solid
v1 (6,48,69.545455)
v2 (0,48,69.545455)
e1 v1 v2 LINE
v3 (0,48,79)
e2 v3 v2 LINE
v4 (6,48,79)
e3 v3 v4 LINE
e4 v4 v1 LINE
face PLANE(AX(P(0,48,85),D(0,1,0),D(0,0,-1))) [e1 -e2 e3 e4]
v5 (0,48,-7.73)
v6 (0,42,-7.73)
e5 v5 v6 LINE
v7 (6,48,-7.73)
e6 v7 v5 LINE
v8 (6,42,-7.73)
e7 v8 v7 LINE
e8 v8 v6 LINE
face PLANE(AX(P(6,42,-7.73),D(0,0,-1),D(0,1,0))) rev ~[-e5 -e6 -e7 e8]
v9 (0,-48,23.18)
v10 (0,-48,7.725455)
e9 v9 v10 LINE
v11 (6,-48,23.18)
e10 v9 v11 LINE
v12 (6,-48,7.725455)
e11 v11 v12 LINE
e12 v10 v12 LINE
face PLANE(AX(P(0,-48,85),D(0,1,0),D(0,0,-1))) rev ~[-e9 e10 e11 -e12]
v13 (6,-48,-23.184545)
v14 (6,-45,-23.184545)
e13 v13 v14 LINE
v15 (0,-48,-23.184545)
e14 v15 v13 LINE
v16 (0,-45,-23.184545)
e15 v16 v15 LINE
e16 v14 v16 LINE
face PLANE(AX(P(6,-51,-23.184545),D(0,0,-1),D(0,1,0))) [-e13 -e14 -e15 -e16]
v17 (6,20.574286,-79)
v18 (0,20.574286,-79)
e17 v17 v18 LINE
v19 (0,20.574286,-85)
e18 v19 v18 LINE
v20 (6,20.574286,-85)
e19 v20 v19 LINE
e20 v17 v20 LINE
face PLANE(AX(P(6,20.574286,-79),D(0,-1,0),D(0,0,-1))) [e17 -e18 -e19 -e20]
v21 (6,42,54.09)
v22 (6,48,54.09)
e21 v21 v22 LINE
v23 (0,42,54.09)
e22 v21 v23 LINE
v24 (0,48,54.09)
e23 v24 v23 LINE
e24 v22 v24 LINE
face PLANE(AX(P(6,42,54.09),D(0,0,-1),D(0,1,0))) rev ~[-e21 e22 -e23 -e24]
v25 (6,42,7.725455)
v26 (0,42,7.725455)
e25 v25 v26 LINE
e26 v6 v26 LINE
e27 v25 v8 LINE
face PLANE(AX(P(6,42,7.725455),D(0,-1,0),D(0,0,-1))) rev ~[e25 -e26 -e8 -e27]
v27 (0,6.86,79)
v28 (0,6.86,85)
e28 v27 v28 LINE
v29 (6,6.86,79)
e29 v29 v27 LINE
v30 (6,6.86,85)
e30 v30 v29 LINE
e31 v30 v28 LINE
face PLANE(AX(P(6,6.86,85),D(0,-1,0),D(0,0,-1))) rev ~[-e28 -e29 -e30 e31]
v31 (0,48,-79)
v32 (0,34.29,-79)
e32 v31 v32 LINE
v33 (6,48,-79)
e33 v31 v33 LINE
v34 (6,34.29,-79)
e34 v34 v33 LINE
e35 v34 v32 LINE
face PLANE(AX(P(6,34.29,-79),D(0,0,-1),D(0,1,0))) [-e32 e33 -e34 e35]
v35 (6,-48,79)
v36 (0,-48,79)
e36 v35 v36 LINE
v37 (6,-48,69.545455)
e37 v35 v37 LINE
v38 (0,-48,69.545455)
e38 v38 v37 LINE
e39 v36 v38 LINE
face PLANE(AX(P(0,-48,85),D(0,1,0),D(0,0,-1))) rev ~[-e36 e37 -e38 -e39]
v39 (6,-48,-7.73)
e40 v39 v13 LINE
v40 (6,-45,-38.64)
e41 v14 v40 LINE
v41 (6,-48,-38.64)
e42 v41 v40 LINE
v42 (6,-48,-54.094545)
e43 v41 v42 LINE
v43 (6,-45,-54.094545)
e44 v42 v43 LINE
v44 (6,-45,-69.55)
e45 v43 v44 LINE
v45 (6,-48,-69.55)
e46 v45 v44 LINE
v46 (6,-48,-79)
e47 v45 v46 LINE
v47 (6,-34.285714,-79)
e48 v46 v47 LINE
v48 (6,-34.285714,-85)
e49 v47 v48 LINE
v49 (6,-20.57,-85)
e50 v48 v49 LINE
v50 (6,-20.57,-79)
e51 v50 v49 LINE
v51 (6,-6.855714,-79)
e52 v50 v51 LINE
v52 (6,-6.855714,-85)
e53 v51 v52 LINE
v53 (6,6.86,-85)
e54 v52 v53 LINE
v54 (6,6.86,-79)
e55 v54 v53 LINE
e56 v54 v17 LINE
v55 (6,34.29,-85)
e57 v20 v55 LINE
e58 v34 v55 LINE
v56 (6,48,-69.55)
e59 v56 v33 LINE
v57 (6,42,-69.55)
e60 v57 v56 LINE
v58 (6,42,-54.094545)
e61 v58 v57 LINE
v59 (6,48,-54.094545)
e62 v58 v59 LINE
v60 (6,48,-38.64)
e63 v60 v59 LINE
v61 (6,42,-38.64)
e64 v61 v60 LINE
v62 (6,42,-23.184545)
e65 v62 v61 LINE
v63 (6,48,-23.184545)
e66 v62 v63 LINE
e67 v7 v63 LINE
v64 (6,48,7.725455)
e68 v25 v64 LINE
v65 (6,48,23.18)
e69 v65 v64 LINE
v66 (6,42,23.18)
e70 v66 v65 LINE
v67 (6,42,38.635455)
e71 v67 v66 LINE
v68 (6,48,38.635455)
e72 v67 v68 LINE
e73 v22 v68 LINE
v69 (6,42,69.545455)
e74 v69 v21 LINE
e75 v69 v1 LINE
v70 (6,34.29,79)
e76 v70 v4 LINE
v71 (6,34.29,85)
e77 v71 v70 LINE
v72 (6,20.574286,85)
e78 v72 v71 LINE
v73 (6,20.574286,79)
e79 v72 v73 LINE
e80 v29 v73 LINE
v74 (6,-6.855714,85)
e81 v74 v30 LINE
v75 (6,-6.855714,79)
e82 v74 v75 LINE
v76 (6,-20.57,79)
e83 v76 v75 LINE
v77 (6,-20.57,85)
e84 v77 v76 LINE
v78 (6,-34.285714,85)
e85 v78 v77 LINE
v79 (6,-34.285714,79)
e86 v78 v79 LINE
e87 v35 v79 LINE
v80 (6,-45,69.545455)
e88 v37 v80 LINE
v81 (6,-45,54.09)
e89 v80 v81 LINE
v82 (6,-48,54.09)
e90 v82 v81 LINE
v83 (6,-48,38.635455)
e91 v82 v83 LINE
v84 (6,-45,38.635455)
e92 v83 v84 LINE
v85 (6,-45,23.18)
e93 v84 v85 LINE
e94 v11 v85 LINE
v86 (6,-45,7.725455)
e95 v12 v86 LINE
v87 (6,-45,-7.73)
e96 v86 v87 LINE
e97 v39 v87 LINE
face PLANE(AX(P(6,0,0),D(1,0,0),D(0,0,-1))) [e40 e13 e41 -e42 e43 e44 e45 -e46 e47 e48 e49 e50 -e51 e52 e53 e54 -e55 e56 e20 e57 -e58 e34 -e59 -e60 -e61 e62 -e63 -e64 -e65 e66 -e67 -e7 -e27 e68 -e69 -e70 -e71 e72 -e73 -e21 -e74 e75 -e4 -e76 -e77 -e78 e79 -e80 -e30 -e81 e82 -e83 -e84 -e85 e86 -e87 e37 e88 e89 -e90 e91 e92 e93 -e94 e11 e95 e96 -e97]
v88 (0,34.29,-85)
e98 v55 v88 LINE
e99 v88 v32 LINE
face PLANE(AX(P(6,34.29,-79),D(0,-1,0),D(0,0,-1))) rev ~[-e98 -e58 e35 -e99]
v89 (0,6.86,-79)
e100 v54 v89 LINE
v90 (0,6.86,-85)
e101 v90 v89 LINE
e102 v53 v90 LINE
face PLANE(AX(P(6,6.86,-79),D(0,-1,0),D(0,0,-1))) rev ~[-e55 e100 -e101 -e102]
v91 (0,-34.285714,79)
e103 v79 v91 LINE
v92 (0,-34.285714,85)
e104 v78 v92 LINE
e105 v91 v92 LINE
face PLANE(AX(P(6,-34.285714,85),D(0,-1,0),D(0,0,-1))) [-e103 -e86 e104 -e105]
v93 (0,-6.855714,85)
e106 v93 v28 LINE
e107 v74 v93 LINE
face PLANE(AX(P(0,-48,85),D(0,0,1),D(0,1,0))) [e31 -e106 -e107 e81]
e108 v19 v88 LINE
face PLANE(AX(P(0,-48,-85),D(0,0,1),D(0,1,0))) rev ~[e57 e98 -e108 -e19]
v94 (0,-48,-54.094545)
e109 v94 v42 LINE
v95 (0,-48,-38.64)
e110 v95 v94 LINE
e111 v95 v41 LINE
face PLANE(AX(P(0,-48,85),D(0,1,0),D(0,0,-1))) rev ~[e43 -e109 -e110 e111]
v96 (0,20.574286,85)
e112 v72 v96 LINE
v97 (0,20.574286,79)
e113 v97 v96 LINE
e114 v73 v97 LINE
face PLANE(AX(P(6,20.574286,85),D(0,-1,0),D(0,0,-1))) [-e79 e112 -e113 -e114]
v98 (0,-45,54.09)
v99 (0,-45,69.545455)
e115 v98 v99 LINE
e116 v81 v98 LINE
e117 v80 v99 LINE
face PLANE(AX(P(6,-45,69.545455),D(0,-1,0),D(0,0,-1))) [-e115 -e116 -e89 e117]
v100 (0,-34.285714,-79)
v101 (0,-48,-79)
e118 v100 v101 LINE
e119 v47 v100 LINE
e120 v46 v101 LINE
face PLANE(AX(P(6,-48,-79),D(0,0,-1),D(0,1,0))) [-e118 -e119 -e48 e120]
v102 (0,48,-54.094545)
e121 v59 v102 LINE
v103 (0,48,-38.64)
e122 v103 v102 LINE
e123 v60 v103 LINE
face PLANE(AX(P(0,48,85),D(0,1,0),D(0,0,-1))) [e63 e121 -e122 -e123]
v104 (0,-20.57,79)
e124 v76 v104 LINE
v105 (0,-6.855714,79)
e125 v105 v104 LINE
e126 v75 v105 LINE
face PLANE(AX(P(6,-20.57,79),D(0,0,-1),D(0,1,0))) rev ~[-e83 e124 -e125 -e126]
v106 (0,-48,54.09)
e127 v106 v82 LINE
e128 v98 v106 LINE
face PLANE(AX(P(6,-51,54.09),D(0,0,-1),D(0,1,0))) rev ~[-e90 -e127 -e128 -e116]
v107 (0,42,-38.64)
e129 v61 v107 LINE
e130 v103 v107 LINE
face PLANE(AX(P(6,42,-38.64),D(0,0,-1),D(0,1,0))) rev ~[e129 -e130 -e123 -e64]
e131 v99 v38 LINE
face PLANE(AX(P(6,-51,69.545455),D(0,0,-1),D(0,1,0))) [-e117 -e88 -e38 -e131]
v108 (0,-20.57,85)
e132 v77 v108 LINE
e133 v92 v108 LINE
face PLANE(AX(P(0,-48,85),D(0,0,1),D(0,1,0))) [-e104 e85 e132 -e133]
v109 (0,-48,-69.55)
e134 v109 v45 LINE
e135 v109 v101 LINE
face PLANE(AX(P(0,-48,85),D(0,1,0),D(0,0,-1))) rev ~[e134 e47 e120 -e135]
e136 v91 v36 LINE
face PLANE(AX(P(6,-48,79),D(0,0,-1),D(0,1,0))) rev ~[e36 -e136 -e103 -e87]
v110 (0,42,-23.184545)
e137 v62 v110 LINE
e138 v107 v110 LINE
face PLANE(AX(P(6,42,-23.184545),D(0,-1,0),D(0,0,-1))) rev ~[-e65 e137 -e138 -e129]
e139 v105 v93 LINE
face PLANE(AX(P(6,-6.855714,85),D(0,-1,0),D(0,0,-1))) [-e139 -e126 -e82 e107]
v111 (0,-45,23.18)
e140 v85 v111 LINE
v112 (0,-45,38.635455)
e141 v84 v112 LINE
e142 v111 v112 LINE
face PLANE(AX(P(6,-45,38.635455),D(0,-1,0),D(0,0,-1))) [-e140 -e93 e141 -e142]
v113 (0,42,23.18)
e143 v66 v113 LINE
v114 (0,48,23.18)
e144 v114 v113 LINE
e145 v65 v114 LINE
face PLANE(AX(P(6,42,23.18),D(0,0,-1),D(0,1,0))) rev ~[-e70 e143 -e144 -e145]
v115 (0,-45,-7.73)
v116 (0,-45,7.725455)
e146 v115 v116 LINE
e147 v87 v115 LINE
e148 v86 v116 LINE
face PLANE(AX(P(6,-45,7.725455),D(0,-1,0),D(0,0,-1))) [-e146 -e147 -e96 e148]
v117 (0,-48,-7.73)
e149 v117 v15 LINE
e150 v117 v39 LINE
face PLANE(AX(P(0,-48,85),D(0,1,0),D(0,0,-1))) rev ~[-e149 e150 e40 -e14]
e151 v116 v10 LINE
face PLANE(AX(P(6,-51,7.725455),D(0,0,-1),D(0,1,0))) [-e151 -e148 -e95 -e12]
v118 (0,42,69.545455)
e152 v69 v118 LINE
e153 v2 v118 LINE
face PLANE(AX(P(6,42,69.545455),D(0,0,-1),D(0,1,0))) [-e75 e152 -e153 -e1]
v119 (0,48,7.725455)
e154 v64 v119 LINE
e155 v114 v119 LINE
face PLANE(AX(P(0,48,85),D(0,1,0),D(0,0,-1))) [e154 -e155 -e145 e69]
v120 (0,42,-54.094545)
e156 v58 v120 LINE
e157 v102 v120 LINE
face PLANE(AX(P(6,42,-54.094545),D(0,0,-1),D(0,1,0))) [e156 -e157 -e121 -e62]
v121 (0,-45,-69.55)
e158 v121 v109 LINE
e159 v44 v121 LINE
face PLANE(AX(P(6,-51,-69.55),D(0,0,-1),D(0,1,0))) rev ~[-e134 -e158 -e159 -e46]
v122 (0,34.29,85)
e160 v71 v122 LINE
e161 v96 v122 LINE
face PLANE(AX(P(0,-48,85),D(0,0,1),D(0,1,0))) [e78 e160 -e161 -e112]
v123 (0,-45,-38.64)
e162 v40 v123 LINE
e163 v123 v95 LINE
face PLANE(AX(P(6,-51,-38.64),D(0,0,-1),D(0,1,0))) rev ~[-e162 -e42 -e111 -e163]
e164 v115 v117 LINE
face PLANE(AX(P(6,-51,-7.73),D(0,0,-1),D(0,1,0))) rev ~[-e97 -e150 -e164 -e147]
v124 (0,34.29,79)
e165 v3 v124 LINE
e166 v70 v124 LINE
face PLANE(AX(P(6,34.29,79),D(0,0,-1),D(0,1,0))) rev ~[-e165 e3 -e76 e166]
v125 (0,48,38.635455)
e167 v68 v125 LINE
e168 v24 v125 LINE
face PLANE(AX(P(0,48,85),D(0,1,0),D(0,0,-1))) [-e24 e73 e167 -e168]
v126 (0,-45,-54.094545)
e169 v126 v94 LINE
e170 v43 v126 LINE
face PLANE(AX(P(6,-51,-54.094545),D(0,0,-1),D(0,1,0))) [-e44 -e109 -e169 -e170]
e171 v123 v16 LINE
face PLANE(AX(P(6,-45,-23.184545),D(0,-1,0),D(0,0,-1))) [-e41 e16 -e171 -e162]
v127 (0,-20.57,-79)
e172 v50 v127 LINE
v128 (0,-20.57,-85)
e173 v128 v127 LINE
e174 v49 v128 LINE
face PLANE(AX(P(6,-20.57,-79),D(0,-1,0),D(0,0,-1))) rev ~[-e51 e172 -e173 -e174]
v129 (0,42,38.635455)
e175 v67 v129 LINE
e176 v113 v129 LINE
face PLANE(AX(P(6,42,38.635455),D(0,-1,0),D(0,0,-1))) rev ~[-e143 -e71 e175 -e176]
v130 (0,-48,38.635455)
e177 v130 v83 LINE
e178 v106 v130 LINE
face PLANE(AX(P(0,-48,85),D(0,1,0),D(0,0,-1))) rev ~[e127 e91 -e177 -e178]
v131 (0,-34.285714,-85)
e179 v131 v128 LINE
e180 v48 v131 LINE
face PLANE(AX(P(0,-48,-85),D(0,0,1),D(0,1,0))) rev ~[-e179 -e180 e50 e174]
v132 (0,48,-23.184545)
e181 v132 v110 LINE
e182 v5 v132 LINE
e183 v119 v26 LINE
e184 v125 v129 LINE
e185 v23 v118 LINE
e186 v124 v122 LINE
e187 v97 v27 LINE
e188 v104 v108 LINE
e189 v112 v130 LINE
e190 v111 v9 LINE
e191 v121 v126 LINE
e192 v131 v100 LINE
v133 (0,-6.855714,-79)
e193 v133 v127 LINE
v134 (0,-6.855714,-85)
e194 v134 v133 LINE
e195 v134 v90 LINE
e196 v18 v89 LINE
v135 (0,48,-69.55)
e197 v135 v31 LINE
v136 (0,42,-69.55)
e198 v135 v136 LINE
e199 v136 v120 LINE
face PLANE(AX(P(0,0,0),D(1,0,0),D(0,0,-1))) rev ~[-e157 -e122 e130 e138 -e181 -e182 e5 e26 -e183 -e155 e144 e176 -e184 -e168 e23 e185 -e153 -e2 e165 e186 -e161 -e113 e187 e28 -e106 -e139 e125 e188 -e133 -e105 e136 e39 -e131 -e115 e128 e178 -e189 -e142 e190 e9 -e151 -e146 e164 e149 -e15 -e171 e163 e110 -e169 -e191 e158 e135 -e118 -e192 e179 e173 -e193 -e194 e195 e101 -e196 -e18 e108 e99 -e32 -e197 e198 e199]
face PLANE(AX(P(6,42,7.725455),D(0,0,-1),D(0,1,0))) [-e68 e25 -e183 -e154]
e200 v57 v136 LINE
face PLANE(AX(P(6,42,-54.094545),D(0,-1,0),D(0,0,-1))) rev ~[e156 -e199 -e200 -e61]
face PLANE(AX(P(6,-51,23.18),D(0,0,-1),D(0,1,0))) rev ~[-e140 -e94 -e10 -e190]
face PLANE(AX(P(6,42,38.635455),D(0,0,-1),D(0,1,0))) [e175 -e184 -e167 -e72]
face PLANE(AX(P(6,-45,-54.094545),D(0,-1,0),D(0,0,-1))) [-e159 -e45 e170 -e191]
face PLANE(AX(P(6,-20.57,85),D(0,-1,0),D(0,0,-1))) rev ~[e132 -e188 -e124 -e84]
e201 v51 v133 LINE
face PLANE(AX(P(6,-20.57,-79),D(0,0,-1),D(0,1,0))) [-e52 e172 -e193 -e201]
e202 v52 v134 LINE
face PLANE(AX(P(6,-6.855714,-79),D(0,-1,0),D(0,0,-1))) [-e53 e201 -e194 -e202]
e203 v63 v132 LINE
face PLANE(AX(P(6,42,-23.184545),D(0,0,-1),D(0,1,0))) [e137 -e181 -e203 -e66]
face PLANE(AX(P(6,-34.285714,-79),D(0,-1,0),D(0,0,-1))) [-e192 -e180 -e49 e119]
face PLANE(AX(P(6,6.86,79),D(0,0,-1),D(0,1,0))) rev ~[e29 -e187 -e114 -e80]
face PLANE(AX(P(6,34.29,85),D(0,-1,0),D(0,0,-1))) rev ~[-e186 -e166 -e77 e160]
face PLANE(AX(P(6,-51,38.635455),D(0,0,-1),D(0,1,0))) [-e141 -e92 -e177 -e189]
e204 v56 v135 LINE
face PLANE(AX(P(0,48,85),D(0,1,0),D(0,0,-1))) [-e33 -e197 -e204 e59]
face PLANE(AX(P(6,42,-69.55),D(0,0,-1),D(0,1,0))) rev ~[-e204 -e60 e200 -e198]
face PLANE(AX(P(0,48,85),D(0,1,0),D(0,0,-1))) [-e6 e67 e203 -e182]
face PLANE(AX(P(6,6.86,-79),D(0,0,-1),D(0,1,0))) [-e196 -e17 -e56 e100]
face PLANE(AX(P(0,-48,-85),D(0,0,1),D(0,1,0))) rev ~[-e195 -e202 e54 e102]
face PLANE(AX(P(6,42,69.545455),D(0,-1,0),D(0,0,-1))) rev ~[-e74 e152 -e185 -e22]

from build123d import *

# Parameters (mm, degrees)
ESBO_O1_W                = 170
ESBO_O1_H                = 96
RESSALTO_EXTRUS_O1_DEPTH = 6
CORTE_EXTRUS_O1_REACH    = 99.801
ESBO_O2_W                = 15.455454545
ESBO_O2_H                = 6
CORTE_EXTRUS_O2_REACH    = 99.801
ESBO_O3_W                = 6
ESBO_O3_H                = 13.714285714


with BuildPart() as part:
    # Esboço1 → Ressalto-extrusão1 (new body)
    with BuildSketch(Plane(origin=(0, 0, 0), x_dir=(0, 0, -1), z_dir=(1, 0, 0))):
        Rectangle(ESBO_O1_W, ESBO_O1_H)
    extrude(amount=RESSALTO_EXTRUS_O1_DEPTH)

    # Esboço2 → Corte-extrusão1 (cut, up to next)
    with BuildSketch(Plane(origin=(6, 0, 0), x_dir=(0, 0, -1), z_dir=(1, 0, 0)), mode=Mode.PRIVATE) as corte_extrus_o1_sk1:
        with Locations((0.002272727, 45)):
            Rectangle(ESBO_O2_W, ESBO_O2_H)
    corte_extrus_o1_tool1 = extrude(corte_extrus_o1_sk1.sketch, amount=-CORTE_EXTRUS_O1_REACH, mode=Mode.PRIVATE) & part.part
    # Esboço2 → Corte-extrusão1 (cut, up to next)
    with BuildSketch(Plane(origin=(6, 0, 0), x_dir=(0, 0, -1), z_dir=(1, 0, 0)), mode=Mode.PRIVATE) as corte_extrus_o1_sk2:
        with Locations((-30.907727273, 45)):
            Rectangle(ESBO_O2_W, ESBO_O2_H)
    corte_extrus_o1_tool2 = extrude(corte_extrus_o1_sk2.sketch, amount=-CORTE_EXTRUS_O1_REACH, mode=Mode.PRIVATE) & part.part
    # Esboço2 → Corte-extrusão1 (cut, up to next)
    with BuildSketch(Plane(origin=(6, 0, 0), x_dir=(0, 0, -1), z_dir=(1, 0, 0)), mode=Mode.PRIVATE) as corte_extrus_o1_sk3:
        with Locations((-61.817727273, 45)):
            Rectangle(ESBO_O2_W, ESBO_O2_H)
    corte_extrus_o1_tool3 = extrude(corte_extrus_o1_sk3.sketch, amount=-CORTE_EXTRUS_O1_REACH, mode=Mode.PRIVATE) & part.part
    # Esboço2 → Corte-extrusão1 (cut, up to next)
    with BuildSketch(Plane(origin=(6, 0, 0), x_dir=(0, 0, -1), z_dir=(1, 0, 0)), mode=Mode.PRIVATE) as corte_extrus_o1_sk4:
        with Locations((30.912272728, 45)):
            Rectangle(ESBO_O2_W, ESBO_O2_H)
    corte_extrus_o1_tool4 = extrude(corte_extrus_o1_sk4.sketch, amount=-CORTE_EXTRUS_O1_REACH, mode=Mode.PRIVATE) & part.part
    # Esboço2 → Corte-extrusão1 (cut, up to next)
    with BuildSketch(Plane(origin=(6, 0, 0), x_dir=(0, 0, -1), z_dir=(1, 0, 0)), mode=Mode.PRIVATE) as corte_extrus_o1_sk5:
        with Locations((61.822272728, 45)):
            Rectangle(ESBO_O2_W, ESBO_O2_H)
    corte_extrus_o1_tool5 = extrude(corte_extrus_o1_sk5.sketch, amount=-CORTE_EXTRUS_O1_REACH, mode=Mode.PRIVATE) & part.part
    # Esboço2 → Corte-extrusão1 (cut, up to next)
    with BuildSketch(Plane(origin=(6, 0, 0), x_dir=(0, 0, -1), z_dir=(1, 0, 0)), mode=Mode.PRIVATE) as corte_extrus_o1_sk6:
        with Locations((-61.817727273, -48)):
            Rectangle(ESBO_O2_W, ESBO_O2_H)
    corte_extrus_o1_tool6 = extrude(corte_extrus_o1_sk6.sketch, amount=-CORTE_EXTRUS_O1_REACH, mode=Mode.PRIVATE) & part.part
    # Esboço2 → Corte-extrusão1 (cut, up to next)
    with BuildSketch(Plane(origin=(6, 0, 0), x_dir=(0, 0, -1), z_dir=(1, 0, 0)), mode=Mode.PRIVATE) as corte_extrus_o1_sk7:
        with Locations((-30.907727273, -48)):
            Rectangle(ESBO_O2_W, ESBO_O2_H)
    corte_extrus_o1_tool7 = extrude(corte_extrus_o1_sk7.sketch, amount=-CORTE_EXTRUS_O1_REACH, mode=Mode.PRIVATE) & part.part
    # Esboço2 → Corte-extrusão1 (cut, up to next)
    with BuildSketch(Plane(origin=(6, 0, 0), x_dir=(0, 0, -1), z_dir=(1, 0, 0)), mode=Mode.PRIVATE) as corte_extrus_o1_sk8:
        with Locations((0.002272727, -48)):
            Rectangle(ESBO_O2_W, ESBO_O2_H)
    corte_extrus_o1_tool8 = extrude(corte_extrus_o1_sk8.sketch, amount=-CORTE_EXTRUS_O1_REACH, mode=Mode.PRIVATE) & part.part
    # Esboço2 → Corte-extrusão1 (cut, up to next)
    with BuildSketch(Plane(origin=(6, 0, 0), x_dir=(0, 0, -1), z_dir=(1, 0, 0)), mode=Mode.PRIVATE) as corte_extrus_o1_sk9:
        with Locations((30.912272728, -48)):
            Rectangle(ESBO_O2_W, ESBO_O2_H)
    corte_extrus_o1_tool9 = extrude(corte_extrus_o1_sk9.sketch, amount=-CORTE_EXTRUS_O1_REACH, mode=Mode.PRIVATE) & part.part
    # Esboço2 → Corte-extrusão1 (cut, up to next)
    with BuildSketch(Plane(origin=(6, 0, 0), x_dir=(0, 0, -1), z_dir=(1, 0, 0)), mode=Mode.PRIVATE) as corte_extrus_o1_sk10:
        with Locations((61.822272728, -48)):
            Rectangle(ESBO_O2_W, ESBO_O2_H)
    corte_extrus_o1_tool10 = extrude(corte_extrus_o1_sk10.sketch, amount=-CORTE_EXTRUS_O1_REACH, mode=Mode.PRIVATE) & part.part
    add(corte_extrus_o1_tool1.solids().sort_by_distance((6, 45, -0.002273))[0], mode=Mode.SUBTRACT)
    add(corte_extrus_o1_tool2.solids().sort_by_distance((6, 45, 30.907727))[0], mode=Mode.SUBTRACT)
    add(corte_extrus_o1_tool3.solids().sort_by_distance((6, 45, 61.817727))[0], mode=Mode.SUBTRACT)
    add(corte_extrus_o1_tool4.solids().sort_by_distance((6, 45, -30.912273))[0], mode=Mode.SUBTRACT)
    add(corte_extrus_o1_tool5.solids().sort_by_distance((6, 45, -61.822273))[0], mode=Mode.SUBTRACT)
    add(corte_extrus_o1_tool6.solids().sort_by_distance((6, -48, 61.817727))[0], mode=Mode.SUBTRACT)
    add(corte_extrus_o1_tool7.solids().sort_by_distance((6, -48, 30.907727))[0], mode=Mode.SUBTRACT)
    add(corte_extrus_o1_tool8.solids().sort_by_distance((6, -48, -0.002273))[0], mode=Mode.SUBTRACT)
    add(corte_extrus_o1_tool9.solids().sort_by_distance((6, -48, -30.912273))[0], mode=Mode.SUBTRACT)
    add(corte_extrus_o1_tool10.solids().sort_by_distance((6, -48, -61.822273))[0], mode=Mode.SUBTRACT)

    # Esboço3 → Corte-extrusão2 (cut, up to next)
    with BuildSketch(Plane(origin=(6, 0, 0), x_dir=(0, 0, -1), z_dir=(1, 0, 0)), mode=Mode.PRIVATE) as corte_extrus_o2_sk1:
        with Locations((82, -41.142857143)):
            Rectangle(ESBO_O3_W, ESBO_O3_H)
    corte_extrus_o2_tool1 = extrude(corte_extrus_o2_sk1.sketch, amount=-CORTE_EXTRUS_O2_REACH, mode=Mode.PRIVATE) & part.part
    # Esboço3 → Corte-extrusão2 (cut, up to next)
    with BuildSketch(Plane(origin=(6, 0, 0), x_dir=(0, 0, -1), z_dir=(1, 0, 0)), mode=Mode.PRIVATE) as corte_extrus_o2_sk2:
        with Locations((-82, -41.142857143)):
            Rectangle(ESBO_O3_W, ESBO_O3_H)
    corte_extrus_o2_tool2 = extrude(corte_extrus_o2_sk2.sketch, amount=-CORTE_EXTRUS_O2_REACH, mode=Mode.PRIVATE) & part.part
    # Esboço3 → Corte-extrusão2 (cut, up to next)
    with BuildSketch(Plane(origin=(6, 0, 0), x_dir=(0, 0, -1), z_dir=(1, 0, 0)), mode=Mode.PRIVATE) as corte_extrus_o2_sk3:
        with Locations((82, -13.712857143)):
            Rectangle(ESBO_O3_W, ESBO_O3_H)
    corte_extrus_o2_tool3 = extrude(corte_extrus_o2_sk3.sketch, amount=-CORTE_EXTRUS_O2_REACH, mode=Mode.PRIVATE) & part.part
    # Esboço3 → Corte-extrusão2 (cut, up to next)
    with BuildSketch(Plane(origin=(6, 0, 0), x_dir=(0, 0, -1), z_dir=(1, 0, 0)), mode=Mode.PRIVATE) as corte_extrus_o2_sk4:
        with Locations((82, 13.717142857)):
            Rectangle(ESBO_O3_W, ESBO_O3_H)
    corte_extrus_o2_tool4 = extrude(corte_extrus_o2_sk4.sketch, amount=-CORTE_EXTRUS_O2_REACH, mode=Mode.PRIVATE) & part.part
    # Esboço3 → Corte-extrusão2 (cut, up to next)
    with BuildSketch(Plane(origin=(6, 0, 0), x_dir=(0, 0, -1), z_dir=(1, 0, 0)), mode=Mode.PRIVATE) as corte_extrus_o2_sk5:
        with Locations((82, 41.147142857)):
            Rectangle(ESBO_O3_W, ESBO_O3_H)
    corte_extrus_o2_tool5 = extrude(corte_extrus_o2_sk5.sketch, amount=-CORTE_EXTRUS_O2_REACH, mode=Mode.PRIVATE) & part.part
    # Esboço3 → Corte-extrusão2 (cut, up to next)
    with BuildSketch(Plane(origin=(6, 0, 0), x_dir=(0, 0, -1), z_dir=(1, 0, 0)), mode=Mode.PRIVATE) as corte_extrus_o2_sk6:
        with Locations((-82, -13.712857143)):
            Rectangle(ESBO_O3_W, ESBO_O3_H)
    corte_extrus_o2_tool6 = extrude(corte_extrus_o2_sk6.sketch, amount=-CORTE_EXTRUS_O2_REACH, mode=Mode.PRIVATE) & part.part
    # Esboço3 → Corte-extrusão2 (cut, up to next)
    with BuildSketch(Plane(origin=(6, 0, 0), x_dir=(0, 0, -1), z_dir=(1, 0, 0)), mode=Mode.PRIVATE) as corte_extrus_o2_sk7:
        with Locations((-82, 13.717142857)):
            Rectangle(ESBO_O3_W, ESBO_O3_H)
    corte_extrus_o2_tool7 = extrude(corte_extrus_o2_sk7.sketch, amount=-CORTE_EXTRUS_O2_REACH, mode=Mode.PRIVATE) & part.part
    # Esboço3 → Corte-extrusão2 (cut, up to next)
    with BuildSketch(Plane(origin=(6, 0, 0), x_dir=(0, 0, -1), z_dir=(1, 0, 0)), mode=Mode.PRIVATE) as corte_extrus_o2_sk8:
        with Locations((-82, 41.147142857)):
            Rectangle(ESBO_O3_W, ESBO_O3_H)
    corte_extrus_o2_tool8 = extrude(corte_extrus_o2_sk8.sketch, amount=-CORTE_EXTRUS_O2_REACH, mode=Mode.PRIVATE) & part.part
    add(corte_extrus_o2_tool1.solids().sort_by_distance((6, -41.142857, -82))[0], mode=Mode.SUBTRACT)
    add(corte_extrus_o2_tool2.solids().sort_by_distance((6, -41.142857, 82))[0], mode=Mode.SUBTRACT)
    add(corte_extrus_o2_tool3.solids().sort_by_distance((6, -13.712857, -82))[0], mode=Mode.SUBTRACT)
    add(corte_extrus_o2_tool4.solids().sort_by_distance((6, 13.717143, -82))[0], mode=Mode.SUBTRACT)
    add(corte_extrus_o2_tool5.solids().sort_by_distance((6, 41.147143, -82))[0], mode=Mode.SUBTRACT)
    add(corte_extrus_o2_tool6.solids().sort_by_distance((6, -13.712857, 82))[0], mode=Mode.SUBTRACT)
    add(corte_extrus_o2_tool7.solids().sort_by_distance((6, 13.717143, 82))[0], mode=Mode.SUBTRACT)
    add(corte_extrus_o2_tool8.solids().sort_by_distance((6, 41.147143, 82))[0], mode=Mode.SUBTRACT)


solid = part.part
